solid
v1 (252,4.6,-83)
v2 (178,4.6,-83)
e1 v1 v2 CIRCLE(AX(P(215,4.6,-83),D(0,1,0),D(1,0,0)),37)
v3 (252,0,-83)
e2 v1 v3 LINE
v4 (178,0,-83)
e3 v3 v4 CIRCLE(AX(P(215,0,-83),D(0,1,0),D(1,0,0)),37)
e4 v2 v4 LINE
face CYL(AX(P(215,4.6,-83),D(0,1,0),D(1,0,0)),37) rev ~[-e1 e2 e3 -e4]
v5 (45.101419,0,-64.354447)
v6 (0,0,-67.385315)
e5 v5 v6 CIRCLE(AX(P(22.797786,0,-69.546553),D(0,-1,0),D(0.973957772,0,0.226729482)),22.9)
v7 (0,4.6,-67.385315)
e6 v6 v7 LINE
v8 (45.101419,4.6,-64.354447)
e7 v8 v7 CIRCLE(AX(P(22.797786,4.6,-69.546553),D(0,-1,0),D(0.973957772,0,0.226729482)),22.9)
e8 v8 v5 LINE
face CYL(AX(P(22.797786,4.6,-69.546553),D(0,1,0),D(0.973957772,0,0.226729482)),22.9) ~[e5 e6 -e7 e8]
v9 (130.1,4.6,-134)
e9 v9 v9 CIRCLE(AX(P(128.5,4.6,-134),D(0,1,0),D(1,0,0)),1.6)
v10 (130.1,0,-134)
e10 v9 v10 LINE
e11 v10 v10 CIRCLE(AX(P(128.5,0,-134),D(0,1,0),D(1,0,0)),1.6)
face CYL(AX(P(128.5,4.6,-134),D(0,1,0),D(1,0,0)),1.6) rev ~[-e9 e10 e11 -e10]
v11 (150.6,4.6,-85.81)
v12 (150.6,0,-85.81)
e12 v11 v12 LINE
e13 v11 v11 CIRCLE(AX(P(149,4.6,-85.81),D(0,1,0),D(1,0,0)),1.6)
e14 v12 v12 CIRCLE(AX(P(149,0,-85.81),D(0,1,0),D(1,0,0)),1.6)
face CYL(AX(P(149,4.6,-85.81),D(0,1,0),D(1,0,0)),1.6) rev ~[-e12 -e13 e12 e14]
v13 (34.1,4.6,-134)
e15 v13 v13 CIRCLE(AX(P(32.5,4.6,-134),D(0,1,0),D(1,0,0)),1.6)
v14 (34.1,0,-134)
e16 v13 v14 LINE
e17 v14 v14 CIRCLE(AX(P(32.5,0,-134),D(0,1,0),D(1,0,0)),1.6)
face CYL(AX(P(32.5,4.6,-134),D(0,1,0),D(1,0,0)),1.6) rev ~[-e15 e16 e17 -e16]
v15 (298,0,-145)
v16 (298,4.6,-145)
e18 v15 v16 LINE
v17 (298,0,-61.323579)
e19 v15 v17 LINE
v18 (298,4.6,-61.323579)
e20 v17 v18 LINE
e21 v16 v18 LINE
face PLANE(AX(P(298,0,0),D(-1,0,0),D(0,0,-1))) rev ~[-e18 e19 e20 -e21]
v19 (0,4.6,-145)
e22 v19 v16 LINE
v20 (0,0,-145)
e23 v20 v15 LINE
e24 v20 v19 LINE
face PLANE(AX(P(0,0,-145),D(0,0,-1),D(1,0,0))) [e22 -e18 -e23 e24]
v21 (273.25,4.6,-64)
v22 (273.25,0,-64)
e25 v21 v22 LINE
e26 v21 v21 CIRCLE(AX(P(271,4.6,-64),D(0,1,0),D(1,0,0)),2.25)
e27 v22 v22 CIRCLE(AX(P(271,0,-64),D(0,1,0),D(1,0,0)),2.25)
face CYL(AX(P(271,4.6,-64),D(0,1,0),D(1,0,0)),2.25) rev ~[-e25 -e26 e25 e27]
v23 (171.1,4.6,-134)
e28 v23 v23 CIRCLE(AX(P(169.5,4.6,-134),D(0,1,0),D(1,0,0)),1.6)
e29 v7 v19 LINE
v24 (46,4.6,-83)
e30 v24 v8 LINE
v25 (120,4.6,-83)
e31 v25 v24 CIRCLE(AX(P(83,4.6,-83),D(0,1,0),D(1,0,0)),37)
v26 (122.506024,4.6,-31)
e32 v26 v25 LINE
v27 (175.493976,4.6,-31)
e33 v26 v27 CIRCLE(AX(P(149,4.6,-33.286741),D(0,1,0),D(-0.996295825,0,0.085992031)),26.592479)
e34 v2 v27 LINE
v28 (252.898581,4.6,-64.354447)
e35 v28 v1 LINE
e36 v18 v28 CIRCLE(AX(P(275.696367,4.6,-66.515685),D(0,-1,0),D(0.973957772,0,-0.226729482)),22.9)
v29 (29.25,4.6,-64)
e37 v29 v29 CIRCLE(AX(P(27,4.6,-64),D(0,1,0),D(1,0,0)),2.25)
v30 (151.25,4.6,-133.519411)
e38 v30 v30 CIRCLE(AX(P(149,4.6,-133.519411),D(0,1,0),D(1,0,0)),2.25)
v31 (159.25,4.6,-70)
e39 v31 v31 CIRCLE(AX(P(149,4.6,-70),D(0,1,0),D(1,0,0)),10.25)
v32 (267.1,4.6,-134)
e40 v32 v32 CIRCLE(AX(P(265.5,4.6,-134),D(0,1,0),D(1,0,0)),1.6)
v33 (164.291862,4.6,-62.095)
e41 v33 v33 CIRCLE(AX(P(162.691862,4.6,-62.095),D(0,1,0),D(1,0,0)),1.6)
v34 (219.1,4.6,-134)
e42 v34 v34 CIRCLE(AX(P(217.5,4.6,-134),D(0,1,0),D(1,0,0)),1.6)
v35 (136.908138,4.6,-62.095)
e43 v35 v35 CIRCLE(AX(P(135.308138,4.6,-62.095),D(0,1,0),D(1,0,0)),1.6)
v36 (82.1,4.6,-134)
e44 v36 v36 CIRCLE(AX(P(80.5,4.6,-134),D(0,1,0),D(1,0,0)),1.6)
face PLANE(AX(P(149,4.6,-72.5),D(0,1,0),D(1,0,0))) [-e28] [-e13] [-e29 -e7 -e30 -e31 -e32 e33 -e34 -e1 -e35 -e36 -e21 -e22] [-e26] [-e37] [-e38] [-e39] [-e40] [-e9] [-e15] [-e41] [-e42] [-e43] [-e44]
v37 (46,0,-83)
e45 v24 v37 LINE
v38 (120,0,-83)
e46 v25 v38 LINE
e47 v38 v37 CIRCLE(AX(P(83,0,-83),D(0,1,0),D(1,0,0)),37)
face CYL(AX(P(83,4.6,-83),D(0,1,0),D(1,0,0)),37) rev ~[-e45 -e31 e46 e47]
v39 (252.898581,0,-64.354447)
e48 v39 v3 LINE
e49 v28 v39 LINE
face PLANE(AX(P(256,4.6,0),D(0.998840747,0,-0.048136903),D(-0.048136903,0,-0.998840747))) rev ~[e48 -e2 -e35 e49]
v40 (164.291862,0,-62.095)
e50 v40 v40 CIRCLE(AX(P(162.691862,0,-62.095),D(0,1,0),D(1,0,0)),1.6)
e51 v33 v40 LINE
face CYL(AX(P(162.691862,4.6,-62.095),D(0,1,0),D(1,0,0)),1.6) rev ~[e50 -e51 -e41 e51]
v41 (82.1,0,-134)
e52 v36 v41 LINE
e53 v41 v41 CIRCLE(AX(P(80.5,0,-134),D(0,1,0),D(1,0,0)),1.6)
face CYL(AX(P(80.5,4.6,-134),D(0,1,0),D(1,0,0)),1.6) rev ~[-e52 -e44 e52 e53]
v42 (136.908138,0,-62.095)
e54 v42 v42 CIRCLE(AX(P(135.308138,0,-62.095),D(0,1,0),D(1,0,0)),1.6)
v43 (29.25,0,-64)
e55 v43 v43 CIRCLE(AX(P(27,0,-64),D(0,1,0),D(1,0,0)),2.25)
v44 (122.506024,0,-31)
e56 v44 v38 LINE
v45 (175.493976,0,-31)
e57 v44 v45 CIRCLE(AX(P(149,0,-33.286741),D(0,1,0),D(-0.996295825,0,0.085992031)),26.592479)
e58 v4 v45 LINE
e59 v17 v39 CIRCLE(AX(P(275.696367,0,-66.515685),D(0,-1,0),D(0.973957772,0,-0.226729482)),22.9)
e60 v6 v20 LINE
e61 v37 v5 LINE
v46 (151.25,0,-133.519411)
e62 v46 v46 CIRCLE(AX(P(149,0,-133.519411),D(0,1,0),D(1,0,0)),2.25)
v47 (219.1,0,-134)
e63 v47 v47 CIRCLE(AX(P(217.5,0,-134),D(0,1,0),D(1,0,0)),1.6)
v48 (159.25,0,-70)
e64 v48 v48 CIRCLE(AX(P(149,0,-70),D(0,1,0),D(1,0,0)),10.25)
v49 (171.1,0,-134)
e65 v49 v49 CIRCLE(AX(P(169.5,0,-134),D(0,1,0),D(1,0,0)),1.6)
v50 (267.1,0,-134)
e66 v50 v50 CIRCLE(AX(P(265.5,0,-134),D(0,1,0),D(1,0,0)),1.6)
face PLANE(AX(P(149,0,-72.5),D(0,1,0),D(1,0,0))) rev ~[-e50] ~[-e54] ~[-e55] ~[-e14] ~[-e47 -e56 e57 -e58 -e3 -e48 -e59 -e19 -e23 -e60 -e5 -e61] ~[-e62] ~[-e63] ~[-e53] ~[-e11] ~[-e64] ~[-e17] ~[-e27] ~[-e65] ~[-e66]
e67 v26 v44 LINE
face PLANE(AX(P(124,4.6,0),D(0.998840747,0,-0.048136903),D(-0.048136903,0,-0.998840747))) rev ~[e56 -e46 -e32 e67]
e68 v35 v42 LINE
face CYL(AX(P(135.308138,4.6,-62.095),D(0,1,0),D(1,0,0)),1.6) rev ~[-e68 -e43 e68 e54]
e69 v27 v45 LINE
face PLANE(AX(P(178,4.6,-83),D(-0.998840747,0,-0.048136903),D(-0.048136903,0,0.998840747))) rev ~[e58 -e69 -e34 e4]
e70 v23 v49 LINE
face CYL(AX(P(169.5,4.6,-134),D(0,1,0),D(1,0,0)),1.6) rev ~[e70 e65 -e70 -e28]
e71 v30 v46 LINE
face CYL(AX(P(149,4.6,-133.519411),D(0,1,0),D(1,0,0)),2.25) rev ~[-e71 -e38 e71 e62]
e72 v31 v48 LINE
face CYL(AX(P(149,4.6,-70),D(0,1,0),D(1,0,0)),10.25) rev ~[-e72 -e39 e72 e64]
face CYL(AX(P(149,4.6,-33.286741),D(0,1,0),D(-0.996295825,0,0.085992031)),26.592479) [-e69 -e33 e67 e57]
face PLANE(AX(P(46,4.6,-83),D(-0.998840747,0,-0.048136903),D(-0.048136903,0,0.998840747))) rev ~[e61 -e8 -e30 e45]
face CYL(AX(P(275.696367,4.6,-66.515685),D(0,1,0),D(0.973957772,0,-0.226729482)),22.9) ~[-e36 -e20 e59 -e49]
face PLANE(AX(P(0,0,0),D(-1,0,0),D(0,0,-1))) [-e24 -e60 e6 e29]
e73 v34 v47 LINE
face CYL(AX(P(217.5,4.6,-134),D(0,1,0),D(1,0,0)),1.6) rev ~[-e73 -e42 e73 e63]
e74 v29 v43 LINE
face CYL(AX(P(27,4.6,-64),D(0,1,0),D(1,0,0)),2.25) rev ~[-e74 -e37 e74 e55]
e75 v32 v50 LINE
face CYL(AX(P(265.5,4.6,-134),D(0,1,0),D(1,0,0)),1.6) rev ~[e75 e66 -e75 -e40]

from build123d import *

# Parameters (mm, degrees)
ESQUISSE2_W                = 298
ESQUISSE2_H                = 145
BOSS_EXTRU_1_DEPTH         = 4.6
CREUX_STOCKAGE_VERRE_DEPTH = 46.6
ESQUISSE6_R                = 10.25
TROU_BILLE_DEPTH           = 5.6
ESQUISSE7_R                = 1.6
ENL_V_MAT_EXTRU_3_DEPTH    = 5.6
ENL_V_MAT_EXTRU_7_DEPTH    = 29
ESQUISSE13_R               = 2.25
ENL_V_MAT_EXTRU_9_DEPTH    = 35
ESQUISSE17_R               = 1.6
ENL_V_MAT_EXTRU_14_DEPTH   = 4.6
BOSS_EXTRU_5_DEPTH         = 4.6
ENL_V_MAT_EXTRU_15_DEPTH   = 4.6
ENL_V_MAT_EXTRU_16_DEPTH   = 4.6


with BuildPart() as part:
    # Esquisse2 → Boss.-Extru.1 (new body)
    with BuildSketch(Plane(origin=(0, 0, 0), x_dir=(1, 0, 0), z_dir=(0, 1, 0))):
        with Locations((149, 72.5)):
            Rectangle(ESQUISSE2_W, ESQUISSE2_H)
    extrude(amount=BOSS_EXTRU_1_DEPTH)

    # Esquisse3 → creux_stockage_verre (cut)
    with BuildSketch(Plane(origin=(0, 4.6, 0), x_dir=(1, 0, 0), z_dir=(0, 1, 0))):
        with BuildLine():
            Line((46, 83), (42, 0))
            Line((42, 0), (124, 0))
            Line((124, 0), (120, 83))
            ThreePointArc((120, 83), (83, 120), (46, 83))
        make_face()
        with BuildLine():
            Line((174, 0), (256, 0))
            Line((256, 0), (252, 83))
            ThreePointArc((252, 83), (215, 120), (178, 83))
            Line((178, 83), (174, 0))
        make_face()
    extrude(amount=-CREUX_STOCKAGE_VERRE_DEPTH, mode=Mode.SUBTRACT)

    # Esquisse6 → trou_bille (cut, through all)
    with BuildSketch(Plane(origin=(0, 4.6, 0), x_dir=(1, 0, 0), z_dir=(0, 1, 0))):
        with Locations((149, 70)):
            Circle(ESQUISSE6_R)
    extrude(amount=-TROU_BILLE_DEPTH, mode=Mode.SUBTRACT)

    # Esquisse7 → Enlèv. mat.-Extru.3 (cut, through all)
    with BuildSketch(Plane(origin=(0, 4.6, 0), x_dir=(1, 0, 0), z_dir=(0, 1, 0))):
        with Locations((32.5, 134)):
            Circle(ESQUISSE7_R)
        with Locations((80.5, 134)):
            Circle(ESQUISSE7_R)
        with Locations((128.5, 134)):
            Circle(ESQUISSE7_R)
        with Locations((217.5, 134)):
            Circle(ESQUISSE7_R)
        with Locations((169.5, 134)):
            Circle(ESQUISSE7_R)
        with Locations((265.5, 134)):
            Circle(ESQUISSE7_R)
    extrude(amount=-ENL_V_MAT_EXTRU_3_DEPTH, mode=Mode.SUBTRACT)

    # Esquisse9 → Enlèv. mat.-Extru.7 (cut)
    with BuildSketch(Plane(origin=(0, 4.6, 0), x_dir=(1, 0, 0), z_dir=(0, 1, 0))):
        with BuildLine():
            Line((123.101131567, 18.651519988), (120.058616356, -9.942070174))
            Line((120.058616356, -9.942070174), (178.789756957, -9.942070174))
            Line((178.789756957, -9.942070174), (174.898868433, 18.651519988))
            ThreePointArc((174.898868433, 18.651519988), (149, 12.489846239), (123.101131567, 18.651519988))
        make_face()
    extrude(amount=-ENL_V_MAT_EXTRU_7_DEPTH, mode=Mode.SUBTRACT)

    # Esquisse13 → Enlèv. mat.-Extru.9 (cut)
    with BuildSketch(Plane(origin=(0, 4.6, 0), x_dir=(1, 0, 0), z_dir=(0, 1, 0))):
        with Locations((27, 64)):
            Circle(ESQUISSE13_R)
        with Locations((271, 64)):
            Circle(ESQUISSE13_R)
        with Locations((149, 133.519410546)):
            Circle(ESQUISSE13_R)
    extrude(amount=-ENL_V_MAT_EXTRU_9_DEPTH, mode=Mode.SUBTRACT)

    # Esquisse17 → Enlèv. mat.-Extru.14 (cut)
    with BuildSketch(Plane(origin=(0, 4.6, 0), x_dir=(1, 0, 0), z_dir=(0, 1, 0))):
        with Locations((149, 85.81)):
            Circle(ESQUISSE17_R)
        with Locations((135.308138366, 62.095)):
            Circle(ESQUISSE17_R)
        with Locations((162.691861634, 62.095)):
            Circle(ESQUISSE17_R)
    extrude(amount=-ENL_V_MAT_EXTRU_14_DEPTH, mode=Mode.SUBTRACT)

    # Esquisse15 → Boss.-Extru.5 (add)
    with BuildSketch(Plane(origin=(0, 4.6, 0), x_dir=(1, 0, 0), z_dir=(0, 1, 0))):
        with BuildLine():
            ThreePointArc((175.493975904, 31), (149, 6), (122.506024096, 31))
            ThreePointArc((122.506024096, 31), (149, 25.792591017), (175.493975904, 31))
        make_face()
    extrude(amount=-BOSS_EXTRU_5_DEPTH)

    # Esquisse18 → Enlèv. mat.-Extru.15 (cut)
    with BuildSketch(Plane(origin=(0, 4.6, 0), x_dir=(1, 0, 0), z_dir=(0, 1, 0))):
        with BuildLine():
            Line((175.493975904, 31), (178.847567105, -7.009778322))
            Line((178.847567105, -7.009778322), (115.973210985, -7.009778322))
            Line((115.973210985, -7.009778322), (122.506024096, 31))
            ThreePointArc((122.506024096, 31), (149, 6.694262171), (175.493975904, 31))
        make_face()
    extrude(amount=-ENL_V_MAT_EXTRU_15_DEPTH, mode=Mode.SUBTRACT)

    # Esquisse14 → Enlèv. mat.-Extru.16 (cut)
    with BuildSketch(Plane(origin=(0, 4.6, 0), x_dir=(1, 0, 0), z_dir=(0, 1, 0))):
        with BuildLine():
            Line((0, 71.707789669), (-22.158835411, -9.528975932))
            Line((-22.158835411, -9.528975932), (50.380974376, -9.528975932))
            Line((50.380974376, -9.528975932), (45.101419153, 64.354447432))
            ThreePointArc((45.101419153, 64.354447432), (19.112822484, 46.944980874), (0, 71.707789669))
        make_face()
        with BuildLine():
            Line((252.898580847, 64.354447432), (243.707235712, -12.373693019))
            Line((243.707235712, -12.373693019), (332.150206643, -12.373693019))
            Line((332.150206643, -12.373693019), (298, 71.707789669))
            ThreePointArc((298, 71.707789669), (279.381330699, 43.914112857), (252.898580847, 64.354447432))
        make_face()
    extrude(amount=-ENL_V_MAT_EXTRU_16_DEPTH, mode=Mode.SUBTRACT)


solid = part.part
